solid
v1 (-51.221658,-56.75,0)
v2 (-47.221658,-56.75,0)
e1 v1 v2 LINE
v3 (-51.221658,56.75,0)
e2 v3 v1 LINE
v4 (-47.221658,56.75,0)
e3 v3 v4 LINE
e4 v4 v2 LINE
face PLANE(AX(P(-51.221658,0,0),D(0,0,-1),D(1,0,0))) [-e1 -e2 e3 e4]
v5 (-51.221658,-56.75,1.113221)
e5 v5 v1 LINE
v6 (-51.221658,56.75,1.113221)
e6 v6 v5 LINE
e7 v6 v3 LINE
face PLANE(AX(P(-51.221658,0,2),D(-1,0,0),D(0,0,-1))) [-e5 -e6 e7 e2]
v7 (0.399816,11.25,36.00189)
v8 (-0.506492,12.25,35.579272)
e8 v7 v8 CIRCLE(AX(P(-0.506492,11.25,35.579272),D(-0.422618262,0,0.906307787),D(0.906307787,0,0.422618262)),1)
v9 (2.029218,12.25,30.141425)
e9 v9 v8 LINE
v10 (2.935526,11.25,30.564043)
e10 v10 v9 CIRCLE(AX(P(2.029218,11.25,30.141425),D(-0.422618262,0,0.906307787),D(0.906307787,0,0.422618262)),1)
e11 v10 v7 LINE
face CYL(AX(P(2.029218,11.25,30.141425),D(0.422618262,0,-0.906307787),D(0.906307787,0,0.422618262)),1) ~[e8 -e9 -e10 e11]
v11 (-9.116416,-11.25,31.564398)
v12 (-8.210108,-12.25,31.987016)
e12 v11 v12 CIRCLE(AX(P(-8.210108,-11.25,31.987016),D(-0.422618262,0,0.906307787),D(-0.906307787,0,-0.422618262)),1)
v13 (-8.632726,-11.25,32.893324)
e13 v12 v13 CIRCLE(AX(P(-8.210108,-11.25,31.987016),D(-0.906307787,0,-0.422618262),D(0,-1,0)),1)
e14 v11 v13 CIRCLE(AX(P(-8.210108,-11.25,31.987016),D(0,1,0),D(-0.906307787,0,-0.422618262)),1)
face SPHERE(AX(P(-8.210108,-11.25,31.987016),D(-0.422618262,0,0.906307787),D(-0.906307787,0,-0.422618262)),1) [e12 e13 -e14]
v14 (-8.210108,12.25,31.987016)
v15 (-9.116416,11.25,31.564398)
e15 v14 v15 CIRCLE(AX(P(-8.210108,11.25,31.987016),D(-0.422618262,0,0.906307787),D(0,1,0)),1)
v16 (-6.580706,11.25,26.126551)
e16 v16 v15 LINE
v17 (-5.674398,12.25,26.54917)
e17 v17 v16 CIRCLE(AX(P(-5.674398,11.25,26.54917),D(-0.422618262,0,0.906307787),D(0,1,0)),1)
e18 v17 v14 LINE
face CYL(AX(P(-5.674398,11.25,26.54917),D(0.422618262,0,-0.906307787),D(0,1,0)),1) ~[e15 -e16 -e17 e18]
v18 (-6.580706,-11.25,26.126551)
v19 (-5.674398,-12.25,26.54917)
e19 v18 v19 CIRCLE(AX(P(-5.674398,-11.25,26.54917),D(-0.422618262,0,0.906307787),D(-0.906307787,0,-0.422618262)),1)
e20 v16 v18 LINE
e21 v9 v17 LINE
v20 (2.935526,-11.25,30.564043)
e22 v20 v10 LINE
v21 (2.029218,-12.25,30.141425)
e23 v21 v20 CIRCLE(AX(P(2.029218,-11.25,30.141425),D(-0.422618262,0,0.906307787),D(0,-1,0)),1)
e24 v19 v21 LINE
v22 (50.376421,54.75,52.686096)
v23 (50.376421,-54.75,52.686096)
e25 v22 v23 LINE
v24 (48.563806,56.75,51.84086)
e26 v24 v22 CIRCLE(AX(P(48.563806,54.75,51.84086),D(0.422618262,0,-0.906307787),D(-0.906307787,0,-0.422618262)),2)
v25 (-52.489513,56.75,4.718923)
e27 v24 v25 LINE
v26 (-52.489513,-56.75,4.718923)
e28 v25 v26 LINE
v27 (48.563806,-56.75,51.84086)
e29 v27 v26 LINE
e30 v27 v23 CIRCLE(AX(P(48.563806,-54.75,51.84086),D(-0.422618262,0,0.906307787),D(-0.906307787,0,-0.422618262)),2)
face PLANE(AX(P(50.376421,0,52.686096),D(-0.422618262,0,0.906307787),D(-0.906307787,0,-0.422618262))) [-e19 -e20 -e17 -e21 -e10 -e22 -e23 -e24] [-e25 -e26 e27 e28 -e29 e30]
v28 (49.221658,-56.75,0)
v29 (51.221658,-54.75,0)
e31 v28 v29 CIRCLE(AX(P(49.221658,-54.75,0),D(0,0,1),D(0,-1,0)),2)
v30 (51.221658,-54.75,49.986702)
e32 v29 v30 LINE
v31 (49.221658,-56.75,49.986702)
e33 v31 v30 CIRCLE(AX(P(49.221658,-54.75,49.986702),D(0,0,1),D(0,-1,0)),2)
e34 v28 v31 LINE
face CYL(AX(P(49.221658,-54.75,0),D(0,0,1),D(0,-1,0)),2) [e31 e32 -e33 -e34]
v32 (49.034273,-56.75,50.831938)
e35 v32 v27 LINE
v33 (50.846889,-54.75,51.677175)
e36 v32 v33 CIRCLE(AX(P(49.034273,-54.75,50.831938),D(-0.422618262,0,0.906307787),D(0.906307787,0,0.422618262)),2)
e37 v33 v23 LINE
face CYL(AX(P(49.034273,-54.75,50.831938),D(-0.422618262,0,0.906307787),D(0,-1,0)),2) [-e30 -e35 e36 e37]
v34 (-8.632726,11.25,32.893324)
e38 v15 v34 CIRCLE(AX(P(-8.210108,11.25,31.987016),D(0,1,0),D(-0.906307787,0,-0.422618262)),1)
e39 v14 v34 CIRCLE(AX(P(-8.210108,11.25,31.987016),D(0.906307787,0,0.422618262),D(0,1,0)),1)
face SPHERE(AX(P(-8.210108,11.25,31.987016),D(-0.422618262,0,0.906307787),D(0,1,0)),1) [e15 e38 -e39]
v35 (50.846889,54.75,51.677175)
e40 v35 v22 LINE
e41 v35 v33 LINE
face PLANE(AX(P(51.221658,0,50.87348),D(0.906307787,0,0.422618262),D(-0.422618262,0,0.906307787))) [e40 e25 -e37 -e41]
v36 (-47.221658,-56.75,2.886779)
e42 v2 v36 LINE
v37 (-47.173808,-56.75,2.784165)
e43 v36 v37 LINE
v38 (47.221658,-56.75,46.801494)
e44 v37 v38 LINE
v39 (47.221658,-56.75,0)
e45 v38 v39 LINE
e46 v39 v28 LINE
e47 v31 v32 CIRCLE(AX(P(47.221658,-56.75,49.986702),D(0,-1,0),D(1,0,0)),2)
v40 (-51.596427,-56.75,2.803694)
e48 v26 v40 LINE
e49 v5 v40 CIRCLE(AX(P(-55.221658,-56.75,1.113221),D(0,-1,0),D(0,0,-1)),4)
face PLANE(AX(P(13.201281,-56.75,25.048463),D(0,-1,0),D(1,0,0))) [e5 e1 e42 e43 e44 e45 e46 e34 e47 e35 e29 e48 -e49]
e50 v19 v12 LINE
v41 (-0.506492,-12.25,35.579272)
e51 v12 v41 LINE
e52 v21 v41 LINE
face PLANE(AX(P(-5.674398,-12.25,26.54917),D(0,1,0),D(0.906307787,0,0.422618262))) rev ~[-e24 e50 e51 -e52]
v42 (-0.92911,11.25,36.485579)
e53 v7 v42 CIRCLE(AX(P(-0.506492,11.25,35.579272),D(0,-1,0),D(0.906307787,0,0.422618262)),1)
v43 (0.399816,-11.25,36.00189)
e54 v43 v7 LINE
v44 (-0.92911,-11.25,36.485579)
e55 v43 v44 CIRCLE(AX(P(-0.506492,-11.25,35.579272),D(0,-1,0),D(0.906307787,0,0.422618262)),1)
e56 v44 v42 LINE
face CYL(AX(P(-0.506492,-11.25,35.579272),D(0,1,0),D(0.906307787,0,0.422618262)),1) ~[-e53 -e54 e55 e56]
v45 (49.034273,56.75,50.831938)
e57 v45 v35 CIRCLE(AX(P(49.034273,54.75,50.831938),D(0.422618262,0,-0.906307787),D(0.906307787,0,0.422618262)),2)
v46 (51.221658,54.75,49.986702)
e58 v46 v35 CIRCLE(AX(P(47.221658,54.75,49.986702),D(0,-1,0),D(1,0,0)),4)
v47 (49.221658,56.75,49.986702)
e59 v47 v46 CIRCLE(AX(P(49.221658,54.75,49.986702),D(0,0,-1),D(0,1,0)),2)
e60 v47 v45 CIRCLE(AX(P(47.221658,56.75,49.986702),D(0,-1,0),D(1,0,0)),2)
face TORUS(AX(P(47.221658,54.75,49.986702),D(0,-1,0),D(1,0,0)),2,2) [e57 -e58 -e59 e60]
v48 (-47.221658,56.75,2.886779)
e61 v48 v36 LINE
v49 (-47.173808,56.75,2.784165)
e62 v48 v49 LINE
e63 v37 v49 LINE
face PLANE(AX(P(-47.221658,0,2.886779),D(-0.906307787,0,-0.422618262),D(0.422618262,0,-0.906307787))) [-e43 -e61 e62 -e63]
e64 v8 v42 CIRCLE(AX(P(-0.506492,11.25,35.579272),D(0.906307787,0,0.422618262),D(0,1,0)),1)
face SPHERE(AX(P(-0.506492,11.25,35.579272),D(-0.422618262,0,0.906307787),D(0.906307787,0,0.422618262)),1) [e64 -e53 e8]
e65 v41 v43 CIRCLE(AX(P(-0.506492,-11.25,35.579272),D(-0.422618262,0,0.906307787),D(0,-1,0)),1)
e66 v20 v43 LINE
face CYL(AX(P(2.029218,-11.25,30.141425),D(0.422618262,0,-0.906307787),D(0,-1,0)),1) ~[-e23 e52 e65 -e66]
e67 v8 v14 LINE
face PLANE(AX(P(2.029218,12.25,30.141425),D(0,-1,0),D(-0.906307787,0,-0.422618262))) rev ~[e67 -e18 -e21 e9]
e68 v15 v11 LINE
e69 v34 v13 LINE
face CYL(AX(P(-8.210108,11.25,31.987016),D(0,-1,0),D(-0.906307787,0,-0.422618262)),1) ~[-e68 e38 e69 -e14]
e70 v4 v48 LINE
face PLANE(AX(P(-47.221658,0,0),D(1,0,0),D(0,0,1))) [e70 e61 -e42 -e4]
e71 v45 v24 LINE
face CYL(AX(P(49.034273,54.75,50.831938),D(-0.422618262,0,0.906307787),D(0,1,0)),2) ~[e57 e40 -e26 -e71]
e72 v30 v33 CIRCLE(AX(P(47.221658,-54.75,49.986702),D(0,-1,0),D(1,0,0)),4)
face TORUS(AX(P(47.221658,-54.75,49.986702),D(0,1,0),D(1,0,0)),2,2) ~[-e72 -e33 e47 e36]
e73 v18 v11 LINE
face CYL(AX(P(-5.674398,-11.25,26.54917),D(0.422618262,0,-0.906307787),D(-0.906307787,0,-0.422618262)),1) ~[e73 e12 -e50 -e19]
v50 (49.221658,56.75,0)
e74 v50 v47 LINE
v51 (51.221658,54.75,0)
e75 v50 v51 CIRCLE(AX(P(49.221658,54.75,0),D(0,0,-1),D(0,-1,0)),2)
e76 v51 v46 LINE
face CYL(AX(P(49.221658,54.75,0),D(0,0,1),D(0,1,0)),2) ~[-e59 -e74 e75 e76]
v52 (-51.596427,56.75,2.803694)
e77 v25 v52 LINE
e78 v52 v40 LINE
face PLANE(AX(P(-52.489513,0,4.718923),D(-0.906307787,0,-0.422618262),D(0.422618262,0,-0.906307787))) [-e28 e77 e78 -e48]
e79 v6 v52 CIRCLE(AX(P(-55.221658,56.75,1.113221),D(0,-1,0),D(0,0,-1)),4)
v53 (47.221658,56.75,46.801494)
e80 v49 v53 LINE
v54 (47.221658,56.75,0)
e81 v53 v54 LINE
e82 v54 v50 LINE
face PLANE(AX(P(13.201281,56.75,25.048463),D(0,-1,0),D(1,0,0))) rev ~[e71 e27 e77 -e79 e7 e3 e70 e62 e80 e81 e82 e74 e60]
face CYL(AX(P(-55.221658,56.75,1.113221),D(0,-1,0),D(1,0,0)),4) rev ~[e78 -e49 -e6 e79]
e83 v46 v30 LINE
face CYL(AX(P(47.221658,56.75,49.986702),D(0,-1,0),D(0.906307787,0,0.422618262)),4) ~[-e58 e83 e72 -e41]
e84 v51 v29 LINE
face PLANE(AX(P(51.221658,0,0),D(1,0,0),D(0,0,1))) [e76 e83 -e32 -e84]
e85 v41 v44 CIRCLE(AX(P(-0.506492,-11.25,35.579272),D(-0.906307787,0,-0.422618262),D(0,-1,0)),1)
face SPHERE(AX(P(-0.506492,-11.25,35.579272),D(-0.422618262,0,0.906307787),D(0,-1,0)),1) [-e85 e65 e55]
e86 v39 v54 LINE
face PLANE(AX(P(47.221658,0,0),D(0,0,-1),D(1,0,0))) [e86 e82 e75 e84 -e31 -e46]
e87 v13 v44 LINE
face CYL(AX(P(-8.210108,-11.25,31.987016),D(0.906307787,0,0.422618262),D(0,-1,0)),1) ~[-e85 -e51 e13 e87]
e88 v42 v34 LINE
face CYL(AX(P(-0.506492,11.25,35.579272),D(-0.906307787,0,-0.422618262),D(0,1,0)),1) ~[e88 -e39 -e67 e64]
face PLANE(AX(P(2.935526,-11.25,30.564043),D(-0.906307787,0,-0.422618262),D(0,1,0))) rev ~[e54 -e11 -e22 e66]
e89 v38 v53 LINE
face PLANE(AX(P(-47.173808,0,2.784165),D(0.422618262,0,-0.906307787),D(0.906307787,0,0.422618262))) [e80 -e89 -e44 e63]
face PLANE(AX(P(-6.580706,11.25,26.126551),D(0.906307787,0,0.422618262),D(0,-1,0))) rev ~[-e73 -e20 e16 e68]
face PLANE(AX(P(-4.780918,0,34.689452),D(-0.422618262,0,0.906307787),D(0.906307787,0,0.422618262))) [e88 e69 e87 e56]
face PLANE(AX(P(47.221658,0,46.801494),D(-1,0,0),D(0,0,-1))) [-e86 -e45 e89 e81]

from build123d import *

# Parameters (mm, degrees)
F1_DEPTH = 56.75
F2_R     = 4
F4_DEPTH = 7
F5_R     = 1
F6_R     = 2


with BuildPart() as f1:
    # F0 (on Front) → F1 (new body, symmetric)
    with BuildSketch(Plane.XZ):
        Polygon((47.2216577835, 0), (51.2216577835, 0), (51.2216577835, 50.8734804946), (50.37642126, 52.6860960687), (-52.4895125687, 4.7189233611), (-51.2216577835, 2), (-51.2216577835, 0), (-47.2216577835, 0), (-47.2216577835, 2.8867786506), (-47.1738083736, 2.7841652599), (47.2216577835, 46.8014940241), align=None)
    extrude(amount=F1_DEPTH, both=True)

    # F2
    f2_edges = [f1.edges().sort_by_distance(p)[0] for p in [
        (51.221658, 0, 50.87348),
        (-51.221658, 0, 2),
    ]]
    fillet(f2_edges, radius=F2_R)

    # F3 (on face) → F4 (join)
    with BuildSketch(Plane(origin=(-11.1824046347, 0, 23.980744127), x_dir=(0.906307787, 0, 0.4226182617), z_dir=(-0.4226182617, 0, 0.906307787))):
        with BuildLine():
            Line((6.0774126859, -12.25), (14.5774126859, -12.25))
            ThreePointArc((14.5774126859, -12.25), (15.2845194671, -11.9571067812), (15.5774126859, -11.25))
            Line((15.5774126859, -11.25), (15.5774126859, 11.25))
            ThreePointArc((15.5774126859, 11.25), (15.2845194671, 11.9571067812), (14.5774126859, 12.25))
            Line((14.5774126859, 12.25), (6.0774126859, 12.25))
            ThreePointArc((6.0774126859, 12.25), (5.3703059047, 11.9571067812), (5.0774126859, 11.25))
            Line((5.0774126859, 11.25), (5.0774126859, -11.25))
            ThreePointArc((5.0774126859, -11.25), (5.3703059047, -11.9571067812), (6.0774126859, -12.25))
        make_face()
    extrude(amount=F4_DEPTH)

    # F5
    f5_edges = [f1.edges().sort_by_distance(p)[0] for p in [
        (-4.780918, -12.25, 34.689452),
    ]]
    fillet(f5_edges, radius=F5_R)

    # F6
    f6_edges = [f1.edges().sort_by_distance(p)[0] for p in [
        (51.221658, -56.75, 24.993351),
        (51.221658, 56.75, 24.993351),
    ]]
    fillet(f6_edges, radius=F6_R)


solid = f1.part
